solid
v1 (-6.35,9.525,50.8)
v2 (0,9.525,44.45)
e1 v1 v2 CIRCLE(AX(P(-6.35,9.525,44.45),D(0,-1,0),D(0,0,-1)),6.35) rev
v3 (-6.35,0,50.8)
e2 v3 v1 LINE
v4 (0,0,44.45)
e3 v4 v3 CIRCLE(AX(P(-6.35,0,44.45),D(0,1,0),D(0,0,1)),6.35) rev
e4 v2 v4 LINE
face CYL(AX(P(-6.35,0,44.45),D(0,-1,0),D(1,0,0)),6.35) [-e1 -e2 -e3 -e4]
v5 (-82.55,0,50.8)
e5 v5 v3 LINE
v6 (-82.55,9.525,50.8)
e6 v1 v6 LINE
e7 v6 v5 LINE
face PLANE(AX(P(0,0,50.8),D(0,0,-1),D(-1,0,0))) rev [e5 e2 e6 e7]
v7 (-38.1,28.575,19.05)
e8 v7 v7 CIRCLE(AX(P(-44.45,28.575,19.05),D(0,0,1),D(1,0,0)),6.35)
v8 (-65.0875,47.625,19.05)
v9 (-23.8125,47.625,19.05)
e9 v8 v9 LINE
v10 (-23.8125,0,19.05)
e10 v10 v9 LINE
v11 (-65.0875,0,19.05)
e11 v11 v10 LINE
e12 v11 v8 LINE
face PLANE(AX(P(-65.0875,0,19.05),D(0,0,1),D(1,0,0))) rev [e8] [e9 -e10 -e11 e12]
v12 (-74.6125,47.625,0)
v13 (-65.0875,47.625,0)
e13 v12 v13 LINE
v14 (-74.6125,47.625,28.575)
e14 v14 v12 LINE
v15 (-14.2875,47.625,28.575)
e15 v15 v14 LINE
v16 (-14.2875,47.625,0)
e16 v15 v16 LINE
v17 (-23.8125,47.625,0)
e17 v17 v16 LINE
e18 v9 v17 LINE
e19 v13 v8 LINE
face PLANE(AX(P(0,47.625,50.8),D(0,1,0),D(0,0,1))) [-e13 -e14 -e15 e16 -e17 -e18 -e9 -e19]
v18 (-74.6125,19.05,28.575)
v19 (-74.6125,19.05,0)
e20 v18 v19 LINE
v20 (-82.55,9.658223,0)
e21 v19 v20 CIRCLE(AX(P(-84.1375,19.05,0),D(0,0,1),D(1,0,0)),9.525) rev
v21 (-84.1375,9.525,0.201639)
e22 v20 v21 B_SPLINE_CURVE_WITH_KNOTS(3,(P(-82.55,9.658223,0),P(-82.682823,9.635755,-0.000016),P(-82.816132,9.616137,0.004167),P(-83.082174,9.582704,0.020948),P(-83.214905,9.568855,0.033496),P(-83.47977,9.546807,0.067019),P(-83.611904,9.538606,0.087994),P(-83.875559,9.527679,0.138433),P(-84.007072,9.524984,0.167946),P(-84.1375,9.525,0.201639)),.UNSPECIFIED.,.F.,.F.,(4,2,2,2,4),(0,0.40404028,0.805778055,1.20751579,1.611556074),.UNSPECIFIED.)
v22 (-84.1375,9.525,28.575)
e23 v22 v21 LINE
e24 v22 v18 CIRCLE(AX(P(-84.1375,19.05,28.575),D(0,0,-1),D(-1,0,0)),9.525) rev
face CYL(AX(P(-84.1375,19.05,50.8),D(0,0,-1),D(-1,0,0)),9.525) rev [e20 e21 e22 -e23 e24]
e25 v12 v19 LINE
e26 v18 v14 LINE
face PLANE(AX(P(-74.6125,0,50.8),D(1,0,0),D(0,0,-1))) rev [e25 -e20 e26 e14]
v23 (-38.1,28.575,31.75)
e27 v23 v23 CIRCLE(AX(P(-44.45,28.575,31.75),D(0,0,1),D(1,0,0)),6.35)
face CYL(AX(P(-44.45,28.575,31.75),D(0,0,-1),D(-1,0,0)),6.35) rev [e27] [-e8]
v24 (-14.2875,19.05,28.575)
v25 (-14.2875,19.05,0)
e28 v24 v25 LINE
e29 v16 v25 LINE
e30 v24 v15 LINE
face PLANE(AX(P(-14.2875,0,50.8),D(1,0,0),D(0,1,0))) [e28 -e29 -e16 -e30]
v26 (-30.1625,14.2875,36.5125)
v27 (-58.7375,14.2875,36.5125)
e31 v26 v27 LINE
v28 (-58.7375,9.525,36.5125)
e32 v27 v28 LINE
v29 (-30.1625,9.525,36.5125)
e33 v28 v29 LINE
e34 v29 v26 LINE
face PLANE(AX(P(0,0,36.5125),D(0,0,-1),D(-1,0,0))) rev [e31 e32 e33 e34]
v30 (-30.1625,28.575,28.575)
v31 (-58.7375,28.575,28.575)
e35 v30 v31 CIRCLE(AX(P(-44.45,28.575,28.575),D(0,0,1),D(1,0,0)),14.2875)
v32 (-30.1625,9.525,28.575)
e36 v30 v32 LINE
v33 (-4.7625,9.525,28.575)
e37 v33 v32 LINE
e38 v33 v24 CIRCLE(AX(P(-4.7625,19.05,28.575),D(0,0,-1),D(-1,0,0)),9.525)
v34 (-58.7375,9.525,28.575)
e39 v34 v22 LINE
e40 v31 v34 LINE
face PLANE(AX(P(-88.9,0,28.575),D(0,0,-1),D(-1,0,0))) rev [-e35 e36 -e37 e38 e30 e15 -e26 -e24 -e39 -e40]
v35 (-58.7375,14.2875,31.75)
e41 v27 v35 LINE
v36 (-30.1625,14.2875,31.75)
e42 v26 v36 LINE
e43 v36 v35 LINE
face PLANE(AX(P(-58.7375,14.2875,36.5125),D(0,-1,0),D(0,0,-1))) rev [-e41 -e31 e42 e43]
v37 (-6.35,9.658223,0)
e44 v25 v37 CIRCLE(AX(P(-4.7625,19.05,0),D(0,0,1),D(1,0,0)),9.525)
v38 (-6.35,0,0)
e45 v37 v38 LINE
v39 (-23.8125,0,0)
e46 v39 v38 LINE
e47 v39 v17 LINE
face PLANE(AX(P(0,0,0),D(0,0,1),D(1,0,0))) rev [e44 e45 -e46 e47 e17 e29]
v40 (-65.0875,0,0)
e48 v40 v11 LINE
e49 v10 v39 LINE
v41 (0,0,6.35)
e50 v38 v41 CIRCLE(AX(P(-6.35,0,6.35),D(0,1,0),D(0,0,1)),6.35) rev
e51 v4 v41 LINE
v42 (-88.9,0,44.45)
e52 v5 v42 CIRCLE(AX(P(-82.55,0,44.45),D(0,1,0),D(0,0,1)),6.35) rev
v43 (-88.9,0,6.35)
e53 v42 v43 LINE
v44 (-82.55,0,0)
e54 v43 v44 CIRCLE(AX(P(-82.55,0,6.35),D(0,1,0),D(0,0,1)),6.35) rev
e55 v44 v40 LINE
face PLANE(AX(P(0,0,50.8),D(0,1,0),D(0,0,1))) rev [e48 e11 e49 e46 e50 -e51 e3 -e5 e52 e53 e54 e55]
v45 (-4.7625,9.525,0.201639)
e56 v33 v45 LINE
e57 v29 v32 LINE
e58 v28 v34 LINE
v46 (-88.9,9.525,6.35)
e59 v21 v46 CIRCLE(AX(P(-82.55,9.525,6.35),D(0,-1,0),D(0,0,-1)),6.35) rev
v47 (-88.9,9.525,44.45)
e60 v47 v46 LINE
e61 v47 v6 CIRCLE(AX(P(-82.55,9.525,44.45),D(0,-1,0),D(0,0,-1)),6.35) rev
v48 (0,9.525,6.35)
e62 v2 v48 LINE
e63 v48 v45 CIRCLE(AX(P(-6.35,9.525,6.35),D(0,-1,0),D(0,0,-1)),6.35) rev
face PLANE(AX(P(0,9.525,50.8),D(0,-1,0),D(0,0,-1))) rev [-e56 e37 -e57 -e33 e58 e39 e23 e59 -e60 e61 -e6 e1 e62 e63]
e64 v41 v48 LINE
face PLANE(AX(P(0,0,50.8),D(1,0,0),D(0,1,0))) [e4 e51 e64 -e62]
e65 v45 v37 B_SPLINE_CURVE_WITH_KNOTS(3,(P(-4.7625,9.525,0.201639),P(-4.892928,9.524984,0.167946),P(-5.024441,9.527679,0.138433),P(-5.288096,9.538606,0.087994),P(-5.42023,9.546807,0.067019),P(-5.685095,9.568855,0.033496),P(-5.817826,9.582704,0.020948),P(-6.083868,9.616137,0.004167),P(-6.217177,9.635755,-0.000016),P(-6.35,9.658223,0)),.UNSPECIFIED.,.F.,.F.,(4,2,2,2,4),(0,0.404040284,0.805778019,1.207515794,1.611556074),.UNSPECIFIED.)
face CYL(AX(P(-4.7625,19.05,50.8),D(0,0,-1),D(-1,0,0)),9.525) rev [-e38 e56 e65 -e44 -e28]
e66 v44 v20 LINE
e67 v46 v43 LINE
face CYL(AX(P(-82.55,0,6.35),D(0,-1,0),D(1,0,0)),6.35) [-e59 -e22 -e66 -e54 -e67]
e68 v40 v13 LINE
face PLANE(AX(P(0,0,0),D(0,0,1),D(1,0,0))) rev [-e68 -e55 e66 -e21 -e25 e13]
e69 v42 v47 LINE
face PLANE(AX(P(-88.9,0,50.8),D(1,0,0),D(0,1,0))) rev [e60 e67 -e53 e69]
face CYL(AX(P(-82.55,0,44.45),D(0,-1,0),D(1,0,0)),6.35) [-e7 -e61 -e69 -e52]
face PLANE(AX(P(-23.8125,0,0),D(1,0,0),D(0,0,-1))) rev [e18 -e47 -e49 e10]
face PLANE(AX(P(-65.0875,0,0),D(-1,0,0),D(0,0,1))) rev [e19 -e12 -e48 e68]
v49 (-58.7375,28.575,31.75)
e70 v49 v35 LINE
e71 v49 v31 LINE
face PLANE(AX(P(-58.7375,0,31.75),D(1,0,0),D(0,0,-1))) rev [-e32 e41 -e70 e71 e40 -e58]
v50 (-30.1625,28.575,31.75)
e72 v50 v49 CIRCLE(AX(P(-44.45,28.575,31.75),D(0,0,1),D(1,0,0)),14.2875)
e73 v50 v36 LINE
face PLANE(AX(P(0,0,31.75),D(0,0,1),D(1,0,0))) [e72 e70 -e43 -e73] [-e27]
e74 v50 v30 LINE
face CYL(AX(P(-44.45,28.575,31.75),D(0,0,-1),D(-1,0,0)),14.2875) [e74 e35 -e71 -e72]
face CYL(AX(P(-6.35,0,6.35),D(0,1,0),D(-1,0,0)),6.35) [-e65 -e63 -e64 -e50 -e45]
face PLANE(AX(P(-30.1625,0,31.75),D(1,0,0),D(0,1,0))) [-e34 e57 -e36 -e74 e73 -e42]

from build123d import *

# Parameters (mm, degrees)
BOSS_EXTRUDE1_DEPTH = 50.8
SKETCH2_W           = 41.275
SKETCH2_H           = 19.05
SKETCH2_W_2         = 88.9
SKETCH2_H_2         = 22.225
CUT_EXTRUDE2_DEPTH  = 48.625
SKETCH3_R           = 6.35
BOSS_EXTRUDE2_DEPTH = 3.175
SKETCH4_W           = 88.9
SKETCH4_H           = 9.525
BOSS_EXTRUDE3_DEPTH = 22.225
SKETCH5_W           = 28.575
SKETCH5_H           = 4.7625
BOSS_EXTRUDE4_DEPTH = 4.7625
FILLET1_R           = 6.35
SKETCH6_R           = 6.35
CUT_EXTRUDE3_DEPTH  = 29.5750001


with BuildPart() as part:
    # Sketch1 → Boss-Extrude1 (new body)
    with BuildSketch(Plane.XY):
        with BuildLine():
            Line((-14.2875, 47.625), (-74.6125, 47.625))
            Line((-74.6125, 47.625), (-74.6125, 19.05))
            ThreePointArc((-74.6125, 19.05), (-77.402307909, 12.314807909), (-84.1375, 9.525))
            Line((-84.1375, 9.525), (-88.9, 9.525))
            Line((-88.9, 9.525), (-88.9, 0))
            Line((-88.9, 0), (0, 0))
            Line((0, 0), (0, 9.525))
            Line((0, 9.525), (-4.7625, 9.525))
            ThreePointArc((-4.7625, 9.525), (-11.497692091, 12.314807909), (-14.2875, 19.05))
            Line((-14.2875, 19.05), (-14.2875, 47.625))
        make_face()
    extrude(amount=BOSS_EXTRUDE1_DEPTH)

    # Sketch2 → Cut-Extrude2 (cut, through all)
    with BuildSketch(Plane(origin=(0, 47.625, 0), x_dir=(1, 0, 0), z_dir=(0, 1, 0))):
        with Locations((-44.45, -9.525)):
            Rectangle(SKETCH2_W, SKETCH2_H)
        with Locations((-44.45, -39.6875)):
            Rectangle(SKETCH2_W_2, SKETCH2_H_2)
    extrude(amount=-CUT_EXTRUDE2_DEPTH, mode=Mode.SUBTRACT)

    # Sketch3 → Boss-Extrude2 (add)
    with BuildSketch(Plane.XY.offset(28.575)):
        with BuildLine():
            Line((-58.7375, 28.575), (-58.7375, 9.525))
            Line((-58.7375, 9.525), (-30.1625, 9.525))
            Line((-30.1625, 9.525), (-30.1625, 28.575))
            ThreePointArc((-30.1625, 28.575), (-44.45, 42.8625), (-58.7375, 28.575))
        make_face()
        with Locations((-44.45, 28.575)):
            Circle(SKETCH3_R, mode=Mode.SUBTRACT)
    extrude(amount=BOSS_EXTRUDE2_DEPTH)

    # Sketch4 → Boss-Extrude3 (add)
    with BuildSketch(Plane.XY.offset(28.575)):
        with Locations((-44.45, 4.7625)):
            Rectangle(SKETCH4_W, SKETCH4_H)
    extrude(amount=BOSS_EXTRUDE3_DEPTH)

    # Sketch5 → Boss-Extrude4 (add)
    with BuildSketch(Plane.XY.offset(31.75)):
        with Locations((-44.45, 11.90625)):
            Rectangle(SKETCH5_W, SKETCH5_H)
    extrude(amount=BOSS_EXTRUDE4_DEPTH)

    # Fillet1
    fillet1_edges = [part.edges().sort_by_distance(p)[0] for p in [
        (-88.9, 4.7625, 0),
        (-88.9, 4.7625, 50.8),
        (0, 4.7625, 50.8),
        (0, 4.7625, 0),
    ]]
    fillet(fillet1_edges, radius=FILLET1_R)

    # Sketch6 → Cut-Extrude3 (cut, through all)
    with BuildSketch(Plane.XY.offset(28.575)):
        with Locations((-44.45, 28.575)):
            Circle(SKETCH6_R)
    extrude(amount=-CUT_EXTRUDE3_DEPTH, mode=Mode.SUBTRACT)


solid = part.part
